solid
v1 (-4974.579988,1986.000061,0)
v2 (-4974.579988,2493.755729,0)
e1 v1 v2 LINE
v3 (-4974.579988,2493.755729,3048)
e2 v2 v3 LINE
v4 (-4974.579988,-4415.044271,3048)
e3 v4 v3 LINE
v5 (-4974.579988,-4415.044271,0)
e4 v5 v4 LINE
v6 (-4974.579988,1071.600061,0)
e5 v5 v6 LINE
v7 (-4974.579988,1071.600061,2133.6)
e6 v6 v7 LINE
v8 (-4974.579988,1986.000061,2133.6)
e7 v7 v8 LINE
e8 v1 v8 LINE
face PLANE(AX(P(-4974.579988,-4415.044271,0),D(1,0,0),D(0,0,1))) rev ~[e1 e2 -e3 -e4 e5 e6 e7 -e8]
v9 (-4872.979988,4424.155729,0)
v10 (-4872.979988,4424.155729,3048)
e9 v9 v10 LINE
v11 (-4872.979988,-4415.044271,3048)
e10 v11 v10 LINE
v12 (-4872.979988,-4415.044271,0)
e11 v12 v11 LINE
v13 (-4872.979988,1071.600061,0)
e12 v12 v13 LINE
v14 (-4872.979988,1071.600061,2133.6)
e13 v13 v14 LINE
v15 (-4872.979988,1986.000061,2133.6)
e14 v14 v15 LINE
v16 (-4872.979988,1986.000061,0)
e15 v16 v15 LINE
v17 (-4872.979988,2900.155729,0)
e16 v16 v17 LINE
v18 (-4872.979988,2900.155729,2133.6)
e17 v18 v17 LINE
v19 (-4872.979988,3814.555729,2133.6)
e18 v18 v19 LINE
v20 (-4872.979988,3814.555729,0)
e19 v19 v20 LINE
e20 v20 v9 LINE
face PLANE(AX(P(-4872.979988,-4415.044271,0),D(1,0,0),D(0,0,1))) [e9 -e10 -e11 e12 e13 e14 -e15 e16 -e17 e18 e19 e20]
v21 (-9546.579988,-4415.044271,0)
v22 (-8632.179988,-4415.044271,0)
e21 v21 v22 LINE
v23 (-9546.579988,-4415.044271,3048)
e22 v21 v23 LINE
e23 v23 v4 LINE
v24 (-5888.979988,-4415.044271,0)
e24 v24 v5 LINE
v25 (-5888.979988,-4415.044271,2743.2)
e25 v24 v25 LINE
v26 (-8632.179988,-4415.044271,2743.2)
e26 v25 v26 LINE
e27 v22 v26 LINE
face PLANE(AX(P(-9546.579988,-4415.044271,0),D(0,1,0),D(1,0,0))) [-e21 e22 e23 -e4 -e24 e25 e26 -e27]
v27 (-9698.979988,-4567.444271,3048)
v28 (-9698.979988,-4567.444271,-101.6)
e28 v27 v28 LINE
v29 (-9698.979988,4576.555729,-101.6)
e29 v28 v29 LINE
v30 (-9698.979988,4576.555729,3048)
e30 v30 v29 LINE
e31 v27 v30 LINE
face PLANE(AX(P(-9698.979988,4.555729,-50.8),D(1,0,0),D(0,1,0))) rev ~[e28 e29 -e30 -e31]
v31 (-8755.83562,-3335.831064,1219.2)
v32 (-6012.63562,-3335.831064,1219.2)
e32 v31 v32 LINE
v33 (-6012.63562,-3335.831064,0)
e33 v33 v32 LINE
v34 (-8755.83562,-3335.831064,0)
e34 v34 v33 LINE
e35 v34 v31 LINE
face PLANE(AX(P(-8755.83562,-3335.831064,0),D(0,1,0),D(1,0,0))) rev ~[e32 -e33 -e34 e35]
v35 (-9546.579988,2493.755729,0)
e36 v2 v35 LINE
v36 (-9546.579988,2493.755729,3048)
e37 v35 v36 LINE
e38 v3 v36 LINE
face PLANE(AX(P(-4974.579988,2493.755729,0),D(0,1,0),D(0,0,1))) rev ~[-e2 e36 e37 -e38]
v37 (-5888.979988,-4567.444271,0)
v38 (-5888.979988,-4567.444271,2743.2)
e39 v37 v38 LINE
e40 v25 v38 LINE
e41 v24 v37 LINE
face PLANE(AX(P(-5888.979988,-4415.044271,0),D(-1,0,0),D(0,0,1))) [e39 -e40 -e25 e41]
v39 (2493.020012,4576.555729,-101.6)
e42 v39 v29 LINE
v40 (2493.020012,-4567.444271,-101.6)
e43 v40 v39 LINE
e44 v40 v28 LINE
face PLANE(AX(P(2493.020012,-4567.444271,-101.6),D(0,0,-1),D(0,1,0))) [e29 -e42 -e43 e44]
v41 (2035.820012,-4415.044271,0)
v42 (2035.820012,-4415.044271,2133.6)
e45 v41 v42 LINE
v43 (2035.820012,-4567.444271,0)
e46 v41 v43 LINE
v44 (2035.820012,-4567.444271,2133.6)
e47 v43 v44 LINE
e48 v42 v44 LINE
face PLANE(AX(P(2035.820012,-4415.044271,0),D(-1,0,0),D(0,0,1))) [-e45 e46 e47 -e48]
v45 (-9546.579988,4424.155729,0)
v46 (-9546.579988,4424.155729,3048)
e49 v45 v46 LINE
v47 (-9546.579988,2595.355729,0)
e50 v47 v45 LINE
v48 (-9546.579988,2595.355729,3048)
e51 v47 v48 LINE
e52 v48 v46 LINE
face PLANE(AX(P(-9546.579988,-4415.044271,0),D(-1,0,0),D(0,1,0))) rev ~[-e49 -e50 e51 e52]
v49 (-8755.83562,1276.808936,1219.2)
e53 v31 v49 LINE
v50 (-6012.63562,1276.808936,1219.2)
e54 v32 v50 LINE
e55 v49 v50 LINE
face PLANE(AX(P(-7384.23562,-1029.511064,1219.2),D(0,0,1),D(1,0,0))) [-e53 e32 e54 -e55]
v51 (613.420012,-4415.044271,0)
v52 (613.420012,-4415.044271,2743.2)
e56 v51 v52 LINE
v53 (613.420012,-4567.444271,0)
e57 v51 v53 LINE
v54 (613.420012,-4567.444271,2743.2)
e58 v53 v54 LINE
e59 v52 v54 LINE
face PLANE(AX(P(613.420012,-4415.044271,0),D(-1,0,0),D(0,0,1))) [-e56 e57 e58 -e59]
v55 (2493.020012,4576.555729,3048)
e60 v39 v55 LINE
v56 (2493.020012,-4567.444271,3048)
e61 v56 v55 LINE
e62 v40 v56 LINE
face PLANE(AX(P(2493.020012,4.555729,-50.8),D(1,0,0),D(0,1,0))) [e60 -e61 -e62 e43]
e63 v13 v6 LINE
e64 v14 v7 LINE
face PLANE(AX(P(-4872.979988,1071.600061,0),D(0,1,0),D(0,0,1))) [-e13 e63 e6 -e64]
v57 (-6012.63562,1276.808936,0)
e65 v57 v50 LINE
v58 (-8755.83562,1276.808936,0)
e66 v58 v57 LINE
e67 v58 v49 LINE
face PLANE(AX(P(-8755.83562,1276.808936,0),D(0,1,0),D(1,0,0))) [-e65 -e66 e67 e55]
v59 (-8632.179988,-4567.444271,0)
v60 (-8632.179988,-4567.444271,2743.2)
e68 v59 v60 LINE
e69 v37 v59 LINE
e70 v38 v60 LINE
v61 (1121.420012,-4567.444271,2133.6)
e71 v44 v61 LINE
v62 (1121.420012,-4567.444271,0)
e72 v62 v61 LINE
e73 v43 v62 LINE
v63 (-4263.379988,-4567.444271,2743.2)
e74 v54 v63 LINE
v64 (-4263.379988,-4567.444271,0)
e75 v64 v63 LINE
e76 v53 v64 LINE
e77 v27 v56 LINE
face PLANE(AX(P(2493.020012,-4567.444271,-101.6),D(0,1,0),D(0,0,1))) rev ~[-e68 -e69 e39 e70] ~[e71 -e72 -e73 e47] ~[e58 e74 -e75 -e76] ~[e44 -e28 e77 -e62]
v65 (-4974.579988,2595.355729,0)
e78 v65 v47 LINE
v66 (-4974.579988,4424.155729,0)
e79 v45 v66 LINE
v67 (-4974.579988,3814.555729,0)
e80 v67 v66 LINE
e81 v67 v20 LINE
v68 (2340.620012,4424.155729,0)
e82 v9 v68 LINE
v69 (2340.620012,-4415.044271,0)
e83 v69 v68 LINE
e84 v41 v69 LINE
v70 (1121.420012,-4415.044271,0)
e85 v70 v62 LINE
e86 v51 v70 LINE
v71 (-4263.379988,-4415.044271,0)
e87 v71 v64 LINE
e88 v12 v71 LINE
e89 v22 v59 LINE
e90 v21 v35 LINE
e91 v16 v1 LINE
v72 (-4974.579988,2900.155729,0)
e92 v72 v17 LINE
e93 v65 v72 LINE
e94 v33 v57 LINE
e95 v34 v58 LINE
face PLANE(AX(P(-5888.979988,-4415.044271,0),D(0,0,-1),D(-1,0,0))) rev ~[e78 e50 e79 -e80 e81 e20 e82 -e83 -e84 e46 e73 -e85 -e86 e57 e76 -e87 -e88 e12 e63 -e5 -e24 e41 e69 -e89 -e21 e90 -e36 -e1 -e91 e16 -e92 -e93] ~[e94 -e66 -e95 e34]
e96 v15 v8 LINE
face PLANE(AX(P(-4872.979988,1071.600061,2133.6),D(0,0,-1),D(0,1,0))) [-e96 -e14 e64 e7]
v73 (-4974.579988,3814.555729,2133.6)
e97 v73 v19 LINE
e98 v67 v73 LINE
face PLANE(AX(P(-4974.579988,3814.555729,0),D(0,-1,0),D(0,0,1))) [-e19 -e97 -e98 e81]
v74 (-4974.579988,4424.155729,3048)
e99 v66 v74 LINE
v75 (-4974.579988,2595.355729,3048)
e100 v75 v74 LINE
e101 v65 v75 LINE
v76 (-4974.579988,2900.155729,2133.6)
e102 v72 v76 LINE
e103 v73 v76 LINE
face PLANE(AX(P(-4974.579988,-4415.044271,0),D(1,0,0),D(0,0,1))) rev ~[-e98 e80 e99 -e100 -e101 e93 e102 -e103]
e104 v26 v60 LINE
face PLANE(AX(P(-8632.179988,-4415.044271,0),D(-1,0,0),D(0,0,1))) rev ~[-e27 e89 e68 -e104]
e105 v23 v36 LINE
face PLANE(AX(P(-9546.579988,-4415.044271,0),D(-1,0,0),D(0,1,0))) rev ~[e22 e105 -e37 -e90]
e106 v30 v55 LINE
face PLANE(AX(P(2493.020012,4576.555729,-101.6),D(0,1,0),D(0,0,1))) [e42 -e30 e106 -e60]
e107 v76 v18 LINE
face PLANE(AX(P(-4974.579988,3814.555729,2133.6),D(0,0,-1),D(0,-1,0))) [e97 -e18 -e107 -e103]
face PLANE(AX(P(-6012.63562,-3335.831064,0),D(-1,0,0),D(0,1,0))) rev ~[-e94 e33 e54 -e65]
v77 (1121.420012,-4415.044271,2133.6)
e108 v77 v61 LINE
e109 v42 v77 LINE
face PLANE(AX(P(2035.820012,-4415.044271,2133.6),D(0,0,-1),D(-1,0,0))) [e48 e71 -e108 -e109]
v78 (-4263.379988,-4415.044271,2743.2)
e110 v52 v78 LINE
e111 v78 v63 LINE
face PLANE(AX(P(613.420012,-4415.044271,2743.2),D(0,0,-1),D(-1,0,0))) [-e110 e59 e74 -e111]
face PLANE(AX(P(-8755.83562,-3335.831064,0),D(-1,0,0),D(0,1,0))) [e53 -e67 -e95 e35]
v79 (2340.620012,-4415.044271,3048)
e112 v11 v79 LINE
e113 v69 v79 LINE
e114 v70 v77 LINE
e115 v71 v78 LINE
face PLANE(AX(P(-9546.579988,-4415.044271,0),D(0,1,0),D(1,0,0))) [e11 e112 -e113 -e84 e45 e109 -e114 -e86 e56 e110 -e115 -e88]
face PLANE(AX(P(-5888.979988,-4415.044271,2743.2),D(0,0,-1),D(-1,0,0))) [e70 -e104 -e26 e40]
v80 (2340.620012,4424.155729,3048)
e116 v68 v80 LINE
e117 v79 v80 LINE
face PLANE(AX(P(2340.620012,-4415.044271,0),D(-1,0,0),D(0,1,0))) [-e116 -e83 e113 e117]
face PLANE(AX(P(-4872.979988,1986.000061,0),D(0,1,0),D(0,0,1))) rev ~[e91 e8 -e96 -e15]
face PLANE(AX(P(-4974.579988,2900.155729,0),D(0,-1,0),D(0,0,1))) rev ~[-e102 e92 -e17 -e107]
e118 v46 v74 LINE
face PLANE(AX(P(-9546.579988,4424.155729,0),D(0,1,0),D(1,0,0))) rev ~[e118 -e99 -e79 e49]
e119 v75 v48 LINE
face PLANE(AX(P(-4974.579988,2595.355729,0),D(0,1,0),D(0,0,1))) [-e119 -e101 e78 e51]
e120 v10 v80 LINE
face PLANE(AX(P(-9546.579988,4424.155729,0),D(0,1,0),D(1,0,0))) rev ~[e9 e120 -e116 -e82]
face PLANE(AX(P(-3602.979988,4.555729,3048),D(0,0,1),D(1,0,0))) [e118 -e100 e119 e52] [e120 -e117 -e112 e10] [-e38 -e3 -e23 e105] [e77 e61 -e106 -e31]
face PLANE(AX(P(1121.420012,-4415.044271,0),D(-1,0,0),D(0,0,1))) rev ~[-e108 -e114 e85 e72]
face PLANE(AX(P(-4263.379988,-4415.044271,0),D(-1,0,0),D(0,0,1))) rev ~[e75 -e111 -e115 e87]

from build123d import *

# Parameters (mm, degrees)
F0_W      = 12192
F0_H      = 9144
F0_W_2    = 11887.2
F0_H_2    = 8839.2
F1_DEPTH  = 3048
F2_W      = 9144
F2_H      = 101.6
F3_DEPTH  = 12192
F4_W      = 101.6
F4_H      = 3048
F5_DEPTH  = 8839.2
F6_W      = 101.6
F6_H      = 3048
F7_DEPTH  = 4572
F8_W      = 2743.2
F8_H      = 2743.2
F9_DEPTH  = 1574.8
F10_W     = 4876.8
F10_H     = 2743.2
F11_DEPTH = 3378.2
F12_W     = 914.4
F12_H     = 2133.6
F13_DEPTH = 1320.8
F14_W     = 914.4
F14_H     = 2133.6
F15_DEPTH = 660.4
F16_W     = 914.4
F16_H     = 2133.6
F17_DEPTH = 508
F18_W     = 2743.2
F18_H     = 4612.64
F19_DEPTH = 1219.2


with BuildPart() as f1:
    # F0 (on Top) → F1 (new body)
    with BuildSketch(Plane.XY):
        with Locations((-3602.979988, 4.555729)):
            Rectangle(F0_W, F0_H)
        with Locations((-3602.979988, 4.555729)):
            Rectangle(F0_W_2, F0_H_2, mode=Mode.SUBTRACT)
    extrude(amount=F1_DEPTH)

    # F2 (on face) → F3 (join, through all)
    with BuildSketch(Plane.YZ.offset(2493.020012)):
        with Locations((4.555729, -50.8)):
            Rectangle(F2_W, F2_H)
    extrude(amount=-F3_DEPTH)

    # F4 (on face) → F5 (join, through all)
    with BuildSketch(Plane(origin=(0, -4415.044271, 0), x_dir=(-1, 0, 0), z_dir=(0, 1, 0))):
        with Locations((4923.779988, 1524)):
            Rectangle(F4_W, F4_H)
    extrude(amount=F5_DEPTH)

    # F6 (on face) → F7 (join, through all)
    with BuildSketch(Plane(origin=(-4974.579988, 0, 0), x_dir=(0, -1, 0), z_dir=(-1, 0, 0))):
        with Locations((-2544.555729, 1524)):
            Rectangle(F6_W, F6_H)
    extrude(amount=F7_DEPTH)

    # F8 (on face) → F9 (cut)
    with BuildSketch(Plane(origin=(0, -4415.044271, 0), x_dir=(-1, 0, 0), z_dir=(0, 1, 0))):
        with Locations((7260.579988, 1371.6)):
            Rectangle(F8_W, F8_H)
    extrude(amount=-F9_DEPTH, mode=Mode.SUBTRACT)

    # F10 (on face) → F11 (cut)
    with BuildSketch(Plane(origin=(0, -4415.044271, 0), x_dir=(-1, 0, 0), z_dir=(0, 1, 0))):
        with Locations((1824.979988, 1371.6)):
            Rectangle(F10_W, F10_H)
    extrude(amount=-F11_DEPTH, mode=Mode.SUBTRACT)

    # F12 (on face) → F13 (cut)
    with BuildSketch(Plane(origin=(-4974.579988, 0, 0), x_dir=(0, -1, 0), z_dir=(-1, 0, 0))):
        with Locations((-3357.355729, 1066.8)):
            Rectangle(F12_W, F12_H)
    extrude(amount=-F13_DEPTH, mode=Mode.SUBTRACT)

    # F14 (on face) → F15 (cut)
    with BuildSketch(Plane.YZ.offset(-4872.979988)):
        with Locations((1528.800061, 1066.8)):
            Rectangle(F14_W, F14_H)
    extrude(amount=-F15_DEPTH, mode=Mode.SUBTRACT)

    # F16 (on face) → F17 (cut)
    with BuildSketch(Plane(origin=(0, -4415.044271, 0), x_dir=(-1, 0, 0), z_dir=(0, 1, 0))):
        with Locations((-1578.620012, 1066.8)):
            Rectangle(F16_W, F16_H)
    extrude(amount=-F17_DEPTH, mode=Mode.SUBTRACT)

    # F18 (on face) → F19 (join)
    with BuildSketch(Plane.XY):
        with Locations((-7384.23562, -1029.511064)):
            Rectangle(F18_W, F18_H)
    extrude(amount=F19_DEPTH)


solid = f1.part
